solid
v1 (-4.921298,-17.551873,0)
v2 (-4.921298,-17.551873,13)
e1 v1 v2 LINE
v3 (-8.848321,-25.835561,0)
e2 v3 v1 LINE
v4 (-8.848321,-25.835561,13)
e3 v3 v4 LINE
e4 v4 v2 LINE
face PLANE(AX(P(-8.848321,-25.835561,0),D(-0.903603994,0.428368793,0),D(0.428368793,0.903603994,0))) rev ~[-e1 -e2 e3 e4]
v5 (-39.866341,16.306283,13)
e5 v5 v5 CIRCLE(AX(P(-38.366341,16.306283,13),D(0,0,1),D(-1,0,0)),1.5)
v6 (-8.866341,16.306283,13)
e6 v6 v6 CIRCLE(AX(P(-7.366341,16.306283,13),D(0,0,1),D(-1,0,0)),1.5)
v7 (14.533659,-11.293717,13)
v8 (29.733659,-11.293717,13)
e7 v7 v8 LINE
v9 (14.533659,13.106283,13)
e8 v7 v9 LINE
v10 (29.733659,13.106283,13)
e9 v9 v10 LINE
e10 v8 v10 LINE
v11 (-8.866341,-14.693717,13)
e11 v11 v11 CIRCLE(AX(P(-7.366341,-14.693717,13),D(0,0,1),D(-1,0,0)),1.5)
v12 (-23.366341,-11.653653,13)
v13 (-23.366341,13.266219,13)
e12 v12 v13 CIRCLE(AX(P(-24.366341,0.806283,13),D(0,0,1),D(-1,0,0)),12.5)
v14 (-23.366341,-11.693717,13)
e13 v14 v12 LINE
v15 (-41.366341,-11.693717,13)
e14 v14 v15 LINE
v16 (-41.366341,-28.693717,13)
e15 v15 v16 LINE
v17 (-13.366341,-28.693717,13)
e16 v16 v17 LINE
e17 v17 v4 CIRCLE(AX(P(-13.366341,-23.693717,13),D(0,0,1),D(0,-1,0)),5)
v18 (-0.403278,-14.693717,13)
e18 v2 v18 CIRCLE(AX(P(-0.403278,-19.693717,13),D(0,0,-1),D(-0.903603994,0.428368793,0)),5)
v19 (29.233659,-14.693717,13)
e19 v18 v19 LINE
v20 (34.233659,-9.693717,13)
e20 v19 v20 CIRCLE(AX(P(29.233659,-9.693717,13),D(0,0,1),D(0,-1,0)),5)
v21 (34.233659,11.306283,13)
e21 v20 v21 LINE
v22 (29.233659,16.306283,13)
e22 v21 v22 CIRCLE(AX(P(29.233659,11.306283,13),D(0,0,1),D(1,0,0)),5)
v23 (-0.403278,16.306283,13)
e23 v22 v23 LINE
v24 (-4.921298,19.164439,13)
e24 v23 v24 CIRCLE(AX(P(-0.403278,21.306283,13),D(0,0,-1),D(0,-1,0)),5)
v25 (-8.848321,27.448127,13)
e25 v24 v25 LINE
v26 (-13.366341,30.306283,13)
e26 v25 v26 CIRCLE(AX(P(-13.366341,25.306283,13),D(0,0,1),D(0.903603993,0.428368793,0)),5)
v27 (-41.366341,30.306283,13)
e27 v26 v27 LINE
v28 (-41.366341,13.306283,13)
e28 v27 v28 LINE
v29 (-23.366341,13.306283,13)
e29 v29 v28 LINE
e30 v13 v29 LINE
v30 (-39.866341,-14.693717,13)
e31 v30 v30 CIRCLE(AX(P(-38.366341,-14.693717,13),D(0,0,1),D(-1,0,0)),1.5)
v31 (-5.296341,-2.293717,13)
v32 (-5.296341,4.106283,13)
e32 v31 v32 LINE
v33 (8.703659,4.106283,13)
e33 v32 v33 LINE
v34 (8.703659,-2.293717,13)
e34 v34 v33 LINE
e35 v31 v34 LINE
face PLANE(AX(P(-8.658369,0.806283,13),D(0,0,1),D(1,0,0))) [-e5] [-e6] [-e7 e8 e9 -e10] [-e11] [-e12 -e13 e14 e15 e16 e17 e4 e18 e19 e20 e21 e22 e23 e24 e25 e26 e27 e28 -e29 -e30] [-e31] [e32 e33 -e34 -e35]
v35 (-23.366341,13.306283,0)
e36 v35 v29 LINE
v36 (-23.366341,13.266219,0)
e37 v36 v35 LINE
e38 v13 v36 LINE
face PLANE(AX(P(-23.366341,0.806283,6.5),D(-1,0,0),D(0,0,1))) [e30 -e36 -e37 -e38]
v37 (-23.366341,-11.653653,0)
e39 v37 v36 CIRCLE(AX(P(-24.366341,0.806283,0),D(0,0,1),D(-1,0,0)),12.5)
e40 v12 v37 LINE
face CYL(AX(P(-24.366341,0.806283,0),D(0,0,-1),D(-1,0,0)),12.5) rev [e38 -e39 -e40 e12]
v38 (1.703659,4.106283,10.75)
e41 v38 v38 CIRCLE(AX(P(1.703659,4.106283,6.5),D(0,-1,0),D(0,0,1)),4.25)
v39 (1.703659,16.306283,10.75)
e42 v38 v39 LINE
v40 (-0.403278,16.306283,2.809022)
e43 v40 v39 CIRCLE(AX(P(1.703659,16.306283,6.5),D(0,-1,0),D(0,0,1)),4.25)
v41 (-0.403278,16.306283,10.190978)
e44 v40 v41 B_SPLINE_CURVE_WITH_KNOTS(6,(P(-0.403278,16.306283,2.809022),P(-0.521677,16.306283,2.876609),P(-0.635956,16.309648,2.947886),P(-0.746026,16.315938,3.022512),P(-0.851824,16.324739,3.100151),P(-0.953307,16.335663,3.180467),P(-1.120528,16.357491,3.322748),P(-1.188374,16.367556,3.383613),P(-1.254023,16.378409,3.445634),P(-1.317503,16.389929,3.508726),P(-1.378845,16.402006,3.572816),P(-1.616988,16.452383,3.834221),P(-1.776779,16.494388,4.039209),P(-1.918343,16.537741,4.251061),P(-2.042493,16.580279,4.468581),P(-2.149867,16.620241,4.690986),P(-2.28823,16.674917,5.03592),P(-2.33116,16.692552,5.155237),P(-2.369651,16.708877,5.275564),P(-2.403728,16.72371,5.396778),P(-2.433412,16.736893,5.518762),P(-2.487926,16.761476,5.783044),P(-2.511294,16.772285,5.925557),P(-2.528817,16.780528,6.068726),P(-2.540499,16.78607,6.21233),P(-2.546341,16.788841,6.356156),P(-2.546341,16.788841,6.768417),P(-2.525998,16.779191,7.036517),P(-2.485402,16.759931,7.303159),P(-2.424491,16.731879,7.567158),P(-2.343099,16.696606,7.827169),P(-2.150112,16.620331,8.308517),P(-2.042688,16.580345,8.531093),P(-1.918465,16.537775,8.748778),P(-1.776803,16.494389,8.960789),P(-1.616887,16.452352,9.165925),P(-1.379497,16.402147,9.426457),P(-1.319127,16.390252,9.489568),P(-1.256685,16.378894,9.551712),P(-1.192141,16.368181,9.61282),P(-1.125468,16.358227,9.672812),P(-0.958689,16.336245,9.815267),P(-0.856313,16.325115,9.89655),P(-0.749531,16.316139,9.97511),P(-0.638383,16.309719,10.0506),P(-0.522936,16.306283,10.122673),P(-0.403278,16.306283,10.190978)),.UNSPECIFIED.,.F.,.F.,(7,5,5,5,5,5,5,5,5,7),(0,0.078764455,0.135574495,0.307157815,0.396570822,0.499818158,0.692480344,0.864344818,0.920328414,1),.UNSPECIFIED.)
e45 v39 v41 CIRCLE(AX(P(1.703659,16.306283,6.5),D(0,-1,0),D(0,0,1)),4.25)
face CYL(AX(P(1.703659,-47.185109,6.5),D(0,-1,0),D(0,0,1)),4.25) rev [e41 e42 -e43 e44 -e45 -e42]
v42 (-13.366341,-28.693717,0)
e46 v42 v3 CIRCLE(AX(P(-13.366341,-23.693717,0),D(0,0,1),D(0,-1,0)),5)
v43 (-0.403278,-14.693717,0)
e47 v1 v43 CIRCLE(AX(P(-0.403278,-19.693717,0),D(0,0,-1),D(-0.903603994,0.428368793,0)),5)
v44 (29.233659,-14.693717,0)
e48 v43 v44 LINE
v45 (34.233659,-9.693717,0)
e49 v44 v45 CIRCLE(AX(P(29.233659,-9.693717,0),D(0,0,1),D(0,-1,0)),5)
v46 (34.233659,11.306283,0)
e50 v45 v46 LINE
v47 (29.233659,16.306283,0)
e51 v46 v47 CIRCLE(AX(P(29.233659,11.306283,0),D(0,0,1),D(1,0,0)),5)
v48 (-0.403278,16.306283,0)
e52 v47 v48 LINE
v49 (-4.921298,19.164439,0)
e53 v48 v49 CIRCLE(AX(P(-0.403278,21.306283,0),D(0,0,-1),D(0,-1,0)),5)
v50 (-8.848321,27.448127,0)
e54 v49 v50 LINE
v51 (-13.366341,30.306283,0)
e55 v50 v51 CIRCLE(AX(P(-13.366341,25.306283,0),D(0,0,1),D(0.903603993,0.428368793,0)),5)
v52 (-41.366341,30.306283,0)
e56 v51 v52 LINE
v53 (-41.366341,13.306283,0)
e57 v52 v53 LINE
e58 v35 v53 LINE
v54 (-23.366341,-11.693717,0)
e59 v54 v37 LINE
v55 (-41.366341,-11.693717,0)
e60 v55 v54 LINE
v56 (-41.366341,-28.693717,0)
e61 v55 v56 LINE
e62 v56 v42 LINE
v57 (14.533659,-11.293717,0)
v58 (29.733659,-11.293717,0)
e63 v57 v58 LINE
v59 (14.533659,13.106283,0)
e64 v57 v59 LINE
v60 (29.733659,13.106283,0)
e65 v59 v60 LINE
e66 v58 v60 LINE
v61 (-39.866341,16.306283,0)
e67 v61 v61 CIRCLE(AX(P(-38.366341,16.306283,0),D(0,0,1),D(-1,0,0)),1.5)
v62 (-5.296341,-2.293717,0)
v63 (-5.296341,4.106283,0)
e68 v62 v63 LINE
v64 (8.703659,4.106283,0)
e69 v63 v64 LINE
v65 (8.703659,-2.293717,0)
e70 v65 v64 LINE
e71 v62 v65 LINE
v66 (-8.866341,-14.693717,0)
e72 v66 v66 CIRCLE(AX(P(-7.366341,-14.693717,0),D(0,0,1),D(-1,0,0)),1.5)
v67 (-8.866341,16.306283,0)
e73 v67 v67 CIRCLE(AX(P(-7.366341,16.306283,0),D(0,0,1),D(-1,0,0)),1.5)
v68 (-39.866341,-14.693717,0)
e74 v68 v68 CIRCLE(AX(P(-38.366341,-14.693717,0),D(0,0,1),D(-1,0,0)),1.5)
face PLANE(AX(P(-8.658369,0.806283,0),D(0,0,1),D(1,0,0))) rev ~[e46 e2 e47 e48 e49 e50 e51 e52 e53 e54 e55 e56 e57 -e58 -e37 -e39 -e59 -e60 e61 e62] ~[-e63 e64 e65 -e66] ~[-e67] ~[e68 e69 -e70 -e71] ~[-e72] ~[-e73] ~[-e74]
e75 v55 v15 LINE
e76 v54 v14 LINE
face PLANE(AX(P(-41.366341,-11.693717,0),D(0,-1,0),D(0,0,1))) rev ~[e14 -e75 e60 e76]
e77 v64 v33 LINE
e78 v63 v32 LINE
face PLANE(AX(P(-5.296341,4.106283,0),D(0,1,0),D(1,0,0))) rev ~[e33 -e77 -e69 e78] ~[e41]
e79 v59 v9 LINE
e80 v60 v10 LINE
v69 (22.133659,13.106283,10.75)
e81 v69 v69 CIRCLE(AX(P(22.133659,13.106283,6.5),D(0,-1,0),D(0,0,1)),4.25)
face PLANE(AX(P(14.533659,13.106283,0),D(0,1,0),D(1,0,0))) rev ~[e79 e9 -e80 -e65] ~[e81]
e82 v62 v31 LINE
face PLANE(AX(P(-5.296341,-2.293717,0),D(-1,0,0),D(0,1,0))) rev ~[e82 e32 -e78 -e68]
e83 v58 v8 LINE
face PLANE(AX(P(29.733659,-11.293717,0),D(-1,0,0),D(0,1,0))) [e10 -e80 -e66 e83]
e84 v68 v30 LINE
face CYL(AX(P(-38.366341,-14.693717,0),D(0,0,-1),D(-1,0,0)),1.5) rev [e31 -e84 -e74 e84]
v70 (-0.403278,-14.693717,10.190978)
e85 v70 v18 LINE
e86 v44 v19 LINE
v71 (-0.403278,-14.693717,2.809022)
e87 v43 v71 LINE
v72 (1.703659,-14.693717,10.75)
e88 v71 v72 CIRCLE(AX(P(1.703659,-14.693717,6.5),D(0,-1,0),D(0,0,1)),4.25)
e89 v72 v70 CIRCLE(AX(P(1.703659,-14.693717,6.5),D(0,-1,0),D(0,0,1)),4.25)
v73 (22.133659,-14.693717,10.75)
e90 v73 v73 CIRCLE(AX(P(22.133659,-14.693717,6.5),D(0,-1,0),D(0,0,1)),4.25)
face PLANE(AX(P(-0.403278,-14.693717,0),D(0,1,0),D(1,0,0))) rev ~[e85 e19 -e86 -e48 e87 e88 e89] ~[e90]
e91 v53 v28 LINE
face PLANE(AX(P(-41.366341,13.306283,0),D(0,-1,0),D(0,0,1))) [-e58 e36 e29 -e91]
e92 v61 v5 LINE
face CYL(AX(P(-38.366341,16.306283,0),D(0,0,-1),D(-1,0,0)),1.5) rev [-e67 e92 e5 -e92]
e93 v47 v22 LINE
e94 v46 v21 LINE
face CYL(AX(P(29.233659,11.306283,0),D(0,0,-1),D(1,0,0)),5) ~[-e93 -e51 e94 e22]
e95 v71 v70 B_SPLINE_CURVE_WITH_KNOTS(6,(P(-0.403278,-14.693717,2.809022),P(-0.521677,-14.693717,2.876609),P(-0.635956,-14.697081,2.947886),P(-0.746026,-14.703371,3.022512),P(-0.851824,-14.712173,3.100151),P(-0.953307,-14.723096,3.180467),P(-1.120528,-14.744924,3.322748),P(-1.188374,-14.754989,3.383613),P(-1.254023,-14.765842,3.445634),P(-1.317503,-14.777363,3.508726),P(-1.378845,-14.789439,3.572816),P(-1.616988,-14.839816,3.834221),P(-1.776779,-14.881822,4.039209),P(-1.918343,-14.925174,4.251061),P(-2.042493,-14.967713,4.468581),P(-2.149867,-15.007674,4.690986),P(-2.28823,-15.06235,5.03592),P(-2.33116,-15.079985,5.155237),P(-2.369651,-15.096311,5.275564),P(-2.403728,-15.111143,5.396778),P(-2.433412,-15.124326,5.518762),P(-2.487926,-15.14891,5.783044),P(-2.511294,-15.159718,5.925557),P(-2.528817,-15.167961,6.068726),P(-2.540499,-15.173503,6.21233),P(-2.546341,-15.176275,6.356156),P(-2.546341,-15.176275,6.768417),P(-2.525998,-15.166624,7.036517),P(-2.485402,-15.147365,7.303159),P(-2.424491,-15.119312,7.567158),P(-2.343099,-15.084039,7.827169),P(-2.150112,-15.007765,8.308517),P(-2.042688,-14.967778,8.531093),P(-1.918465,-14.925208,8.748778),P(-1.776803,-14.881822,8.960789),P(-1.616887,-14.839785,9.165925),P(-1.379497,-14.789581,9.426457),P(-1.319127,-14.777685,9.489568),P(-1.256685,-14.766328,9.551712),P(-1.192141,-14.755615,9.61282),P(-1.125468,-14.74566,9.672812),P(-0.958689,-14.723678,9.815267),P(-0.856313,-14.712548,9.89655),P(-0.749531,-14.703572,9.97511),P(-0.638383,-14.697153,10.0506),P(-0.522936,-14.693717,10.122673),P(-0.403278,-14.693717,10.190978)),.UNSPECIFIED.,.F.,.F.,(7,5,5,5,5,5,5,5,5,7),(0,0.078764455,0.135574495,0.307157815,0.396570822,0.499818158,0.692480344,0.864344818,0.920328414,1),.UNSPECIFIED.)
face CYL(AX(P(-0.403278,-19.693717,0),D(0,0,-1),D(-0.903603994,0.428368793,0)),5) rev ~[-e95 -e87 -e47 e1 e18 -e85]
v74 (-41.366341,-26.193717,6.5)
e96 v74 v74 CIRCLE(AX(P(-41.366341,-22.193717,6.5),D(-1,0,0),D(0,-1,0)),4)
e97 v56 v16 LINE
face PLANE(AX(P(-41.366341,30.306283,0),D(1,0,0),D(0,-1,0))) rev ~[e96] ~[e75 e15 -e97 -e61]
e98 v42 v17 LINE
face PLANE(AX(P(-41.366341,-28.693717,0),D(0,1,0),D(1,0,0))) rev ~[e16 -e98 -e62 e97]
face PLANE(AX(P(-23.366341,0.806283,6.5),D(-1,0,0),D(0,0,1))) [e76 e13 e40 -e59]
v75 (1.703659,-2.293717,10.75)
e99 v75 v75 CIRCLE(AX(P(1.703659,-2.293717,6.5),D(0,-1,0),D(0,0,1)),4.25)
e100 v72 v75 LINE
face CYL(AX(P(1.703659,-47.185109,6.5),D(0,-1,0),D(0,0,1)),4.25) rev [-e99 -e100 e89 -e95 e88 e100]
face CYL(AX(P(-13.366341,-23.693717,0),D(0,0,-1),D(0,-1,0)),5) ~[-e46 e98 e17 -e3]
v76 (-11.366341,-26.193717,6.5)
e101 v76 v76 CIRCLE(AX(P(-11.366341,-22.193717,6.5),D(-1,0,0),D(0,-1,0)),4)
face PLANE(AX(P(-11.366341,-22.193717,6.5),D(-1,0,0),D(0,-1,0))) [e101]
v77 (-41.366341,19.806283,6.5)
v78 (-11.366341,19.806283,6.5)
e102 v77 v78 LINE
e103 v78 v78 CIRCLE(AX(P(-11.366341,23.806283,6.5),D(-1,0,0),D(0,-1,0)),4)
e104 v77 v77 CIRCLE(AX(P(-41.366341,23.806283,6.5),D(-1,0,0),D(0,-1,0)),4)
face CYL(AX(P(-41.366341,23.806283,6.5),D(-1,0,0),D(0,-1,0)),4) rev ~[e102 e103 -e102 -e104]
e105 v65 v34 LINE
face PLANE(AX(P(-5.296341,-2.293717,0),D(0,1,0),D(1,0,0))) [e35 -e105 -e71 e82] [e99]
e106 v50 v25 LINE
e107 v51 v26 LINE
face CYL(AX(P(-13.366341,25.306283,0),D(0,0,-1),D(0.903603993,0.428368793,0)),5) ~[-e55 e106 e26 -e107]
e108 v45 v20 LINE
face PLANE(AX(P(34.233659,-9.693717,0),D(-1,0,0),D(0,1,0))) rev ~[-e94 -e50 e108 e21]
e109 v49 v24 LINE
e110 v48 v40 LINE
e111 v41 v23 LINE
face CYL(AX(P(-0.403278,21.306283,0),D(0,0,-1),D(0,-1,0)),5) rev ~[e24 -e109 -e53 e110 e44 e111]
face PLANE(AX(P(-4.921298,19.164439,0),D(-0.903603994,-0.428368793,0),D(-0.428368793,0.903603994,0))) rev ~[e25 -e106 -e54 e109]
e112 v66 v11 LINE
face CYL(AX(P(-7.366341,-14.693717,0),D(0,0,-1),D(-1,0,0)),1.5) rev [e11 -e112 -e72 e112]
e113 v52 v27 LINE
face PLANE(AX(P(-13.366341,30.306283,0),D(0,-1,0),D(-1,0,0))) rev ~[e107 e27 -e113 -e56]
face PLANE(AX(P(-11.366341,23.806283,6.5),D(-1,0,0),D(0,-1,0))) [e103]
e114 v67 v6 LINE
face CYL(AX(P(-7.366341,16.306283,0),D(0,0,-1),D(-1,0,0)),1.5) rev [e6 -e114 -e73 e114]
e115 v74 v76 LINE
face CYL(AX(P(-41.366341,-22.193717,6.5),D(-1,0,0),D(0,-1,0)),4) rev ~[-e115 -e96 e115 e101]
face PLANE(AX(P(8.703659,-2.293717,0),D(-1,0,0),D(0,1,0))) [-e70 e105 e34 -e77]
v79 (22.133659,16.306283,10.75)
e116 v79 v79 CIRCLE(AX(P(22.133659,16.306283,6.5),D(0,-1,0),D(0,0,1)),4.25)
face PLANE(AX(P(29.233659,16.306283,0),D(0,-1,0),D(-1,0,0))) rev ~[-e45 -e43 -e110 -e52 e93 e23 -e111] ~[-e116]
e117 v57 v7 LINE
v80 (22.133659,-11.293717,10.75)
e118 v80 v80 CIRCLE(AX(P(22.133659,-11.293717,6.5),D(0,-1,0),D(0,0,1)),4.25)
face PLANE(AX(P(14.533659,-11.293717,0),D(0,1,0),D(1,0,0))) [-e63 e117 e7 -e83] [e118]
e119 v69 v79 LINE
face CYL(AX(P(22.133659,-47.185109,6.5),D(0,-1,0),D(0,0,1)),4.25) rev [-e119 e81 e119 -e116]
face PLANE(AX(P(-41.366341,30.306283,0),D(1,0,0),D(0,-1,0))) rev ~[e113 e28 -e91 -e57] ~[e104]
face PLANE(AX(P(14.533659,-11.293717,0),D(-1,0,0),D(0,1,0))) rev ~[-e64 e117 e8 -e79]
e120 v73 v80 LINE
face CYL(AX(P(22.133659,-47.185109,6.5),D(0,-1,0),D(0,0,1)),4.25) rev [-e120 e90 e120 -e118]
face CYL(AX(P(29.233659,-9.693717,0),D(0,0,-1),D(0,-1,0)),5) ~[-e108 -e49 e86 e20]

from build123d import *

# Parameters (mm, degrees)
CROQUIS2_R                 = 1.5
CROQUIS2_R_2               = 12.5
CROQUIS2_W                 = 14
CROQUIS2_H                 = 6.4
CROQUIS2_W_2               = 15.2
CROQUIS2_H_2               = 24.4
SALIENTE_EXTRUIR1_DEPTH    = 13
CROQUIS3_R                 = 4
CORTAR_EXTRUIR1_DEPTH      = 30
CROQUIS4_W                 = 13
CROQUIS4_H                 = 25
CORTAR_EXTRUIR2_DEPTH      = 18
CORTAR_EXTRUIR3_DEPTH      = 63.491392709
CORTAR_EXTRUIR3_DEPTH_BACK = 63.491392709
CROQUIS5_R                 = 4.25


with BuildPart() as part:
    # Croquis2 → Saliente-Extruir1 (new body)
    # profile 1 of 2: a face of its own
    with BuildSketch(Plane.XY):
        with BuildLine():
            Line((-41.366340939, 30.306283288), (-41.366340939, 19.306283288))
            Line((-41.366340939, 19.306283288), (-41.366340939, -17.693716712))
            Line((-41.366340939, -17.693716712), (-41.366340939, -28.693716712))
            Line((-41.366340939, -28.693716712), (-13.366340939, -28.693716712))
            ThreePointArc((-13.366340939, -28.693716712), (-10.693254692, -27.919188273), (-8.848320971, -25.835560677))
            Line((-8.848320971, -25.835560677), (-4.921298265, -17.551872747))
            ThreePointArc((-4.921298265, -17.551872747), (-3.076364545, -15.468245151), (-0.403278298, -14.693716712))
            Line((-0.403278298, -14.693716712), (29.233659061, -14.693716712))
            ThreePointArc((29.233659061, -14.693716712), (32.769192967, -13.229250618), (34.233659061, -9.693716712))
            Line((34.233659061, -9.693716712), (34.233659061, 11.306283288))
            ThreePointArc((34.233659061, 11.306283288), (32.769192967, 14.841817194), (29.233659061, 16.306283288))
            Line((29.233659061, 16.306283288), (-0.403278298, 16.306283288))
            ThreePointArc((-0.403278298, 16.306283288), (-3.076364545, 17.080811727), (-4.921298265, 19.164439323))
            Line((-4.921298265, 19.164439323), (-8.848320971, 27.448127253))
            ThreePointArc((-8.848320971, 27.448127253), (-10.693254692, 29.531754849), (-13.366340939, 30.306283288))
            Line((-13.366340939, 30.306283288), (-41.366340939, 30.306283288))
        make_face()
        with Locations(Location((-38.366340939, -14.693716712, 0), (0, 0, 180))):
            Circle(CROQUIS2_R, mode=Mode.SUBTRACT)
        with Locations(Location((-7.366340939, -14.693716712, 0), (0, 0, 180))):
            Circle(CROQUIS2_R, mode=Mode.SUBTRACT)
        with Locations(Location((-24.366340939, 0.806283288, 0), (0, 0, 180))):
            Circle(CROQUIS2_R_2, mode=Mode.SUBTRACT)
        with Locations(Location((-38.366340939, 16.306283288, 0), (0, 0, 180))):
            Circle(CROQUIS2_R, mode=Mode.SUBTRACT)
        with Locations(Location((-7.366340939, 16.306283288, 0), (0, 0, 180))):
            Circle(CROQUIS2_R, mode=Mode.SUBTRACT)
        with Locations((1.703659061, 0.906283288)):
            Rectangle(CROQUIS2_W, CROQUIS2_H, mode=Mode.SUBTRACT)
        with Locations((22.133659061, 0.906283288)):
            Rectangle(CROQUIS2_W_2, CROQUIS2_H_2, mode=Mode.SUBTRACT)
    # profile 2 of 2: a face of its own
    with BuildSketch(Plane.XY):
        with BuildLine():
            Line((-41.366340939, 30.306283288), (-41.366340939, 19.306283288))
            Line((-41.366340939, 19.306283288), (-41.366340939, -17.693716712))
            Line((-41.366340939, -17.693716712), (-41.366340939, -28.693716712))
            Line((-41.366340939, -28.693716712), (-13.366340939, -28.693716712))
            ThreePointArc((-13.366340939, -28.693716712), (-10.693254692, -27.919188273), (-8.848320971, -25.835560677))
            Line((-8.848320971, -25.835560677), (-4.921298265, -17.551872747))
            ThreePointArc((-4.921298265, -17.551872747), (-3.076364545, -15.468245151), (-0.403278298, -14.693716712))
            Line((-0.403278298, -14.693716712), (29.233659061, -14.693716712))
            ThreePointArc((29.233659061, -14.693716712), (32.769192967, -13.229250618), (34.233659061, -9.693716712))
            Line((34.233659061, -9.693716712), (34.233659061, 11.306283288))
            ThreePointArc((34.233659061, 11.306283288), (32.769192967, 14.841817194), (29.233659061, 16.306283288))
            Line((29.233659061, 16.306283288), (-0.403278298, 16.306283288))
            ThreePointArc((-0.403278298, 16.306283288), (-3.076364545, 17.080811727), (-4.921298265, 19.164439323))
            Line((-4.921298265, 19.164439323), (-8.848320971, 27.448127253))
            ThreePointArc((-8.848320971, 27.448127253), (-10.693254692, 29.531754849), (-13.366340939, 30.306283288))
            Line((-13.366340939, 30.306283288), (-41.366340939, 30.306283288))
        make_face()
        with Locations(Location((-38.366340939, -14.693716712, 0), (0, 0, 180))):
            Circle(CROQUIS2_R, mode=Mode.SUBTRACT)
        with Locations(Location((-7.366340939, -14.693716712, 0), (0, 0, 180))):
            Circle(CROQUIS2_R, mode=Mode.SUBTRACT)
        with Locations(Location((-24.366340939, 0.806283288, 0), (0, 0, 180))):
            Circle(CROQUIS2_R_2, mode=Mode.SUBTRACT)
        with Locations(Location((-38.366340939, 16.306283288, 0), (0, 0, 180))):
            Circle(CROQUIS2_R, mode=Mode.SUBTRACT)
        with Locations(Location((-7.366340939, 16.306283288, 0), (0, 0, 180))):
            Circle(CROQUIS2_R, mode=Mode.SUBTRACT)
        with Locations((1.703659061, 0.906283288)):
            Rectangle(CROQUIS2_W, CROQUIS2_H, mode=Mode.SUBTRACT)
        with Locations((22.133659061, 0.906283288)):
            Rectangle(CROQUIS2_W_2, CROQUIS2_H_2, mode=Mode.SUBTRACT)
    extrude(amount=SALIENTE_EXTRUIR1_DEPTH)

    # Croquis3 → Cortar-Extruir1 (cut)
    with BuildSketch(Plane.ZY.offset(41.366340939)):
        with Locations(Location((6.5, 23.806283288, 0), (0, 0, 270))):
            Circle(CROQUIS3_R)
        with Locations(Location((6.5, -22.193716712, 0), (0, 0, 270))):
            Circle(CROQUIS3_R)
    extrude(amount=-CORTAR_EXTRUIR1_DEPTH, mode=Mode.SUBTRACT)

    # Croquis4 → Cortar-Extruir2 (cut)
    with BuildSketch(Plane.ZY.offset(41.366340939)):
        with Locations((6.5, 0.806283288)):
            Rectangle(CROQUIS4_W, CROQUIS4_H)
    extrude(amount=-CORTAR_EXTRUIR2_DEPTH, mode=Mode.SUBTRACT)

    # Croquis5 → Cortar-Extruir3 (cut, two sides: drawn at the far end of the back side and taken through both)
    with BuildSketch(Plane(origin=(0, 16.306283288, 0), x_dir=(1, 0, 0), z_dir=(0, 1, 0)).offset(-CORTAR_EXTRUIR3_DEPTH_BACK)):
        with Locations(Location((22.133659061, -6.5, 0), (0, 0, 270))):
            Circle(CROQUIS5_R)
        with Locations(Location((1.703659061, -6.5, 0), (0, 0, 270))):
            Circle(CROQUIS5_R)
    extrude(amount=CORTAR_EXTRUIR3_DEPTH + CORTAR_EXTRUIR3_DEPTH_BACK, mode=Mode.SUBTRACT)


solid = part.part
